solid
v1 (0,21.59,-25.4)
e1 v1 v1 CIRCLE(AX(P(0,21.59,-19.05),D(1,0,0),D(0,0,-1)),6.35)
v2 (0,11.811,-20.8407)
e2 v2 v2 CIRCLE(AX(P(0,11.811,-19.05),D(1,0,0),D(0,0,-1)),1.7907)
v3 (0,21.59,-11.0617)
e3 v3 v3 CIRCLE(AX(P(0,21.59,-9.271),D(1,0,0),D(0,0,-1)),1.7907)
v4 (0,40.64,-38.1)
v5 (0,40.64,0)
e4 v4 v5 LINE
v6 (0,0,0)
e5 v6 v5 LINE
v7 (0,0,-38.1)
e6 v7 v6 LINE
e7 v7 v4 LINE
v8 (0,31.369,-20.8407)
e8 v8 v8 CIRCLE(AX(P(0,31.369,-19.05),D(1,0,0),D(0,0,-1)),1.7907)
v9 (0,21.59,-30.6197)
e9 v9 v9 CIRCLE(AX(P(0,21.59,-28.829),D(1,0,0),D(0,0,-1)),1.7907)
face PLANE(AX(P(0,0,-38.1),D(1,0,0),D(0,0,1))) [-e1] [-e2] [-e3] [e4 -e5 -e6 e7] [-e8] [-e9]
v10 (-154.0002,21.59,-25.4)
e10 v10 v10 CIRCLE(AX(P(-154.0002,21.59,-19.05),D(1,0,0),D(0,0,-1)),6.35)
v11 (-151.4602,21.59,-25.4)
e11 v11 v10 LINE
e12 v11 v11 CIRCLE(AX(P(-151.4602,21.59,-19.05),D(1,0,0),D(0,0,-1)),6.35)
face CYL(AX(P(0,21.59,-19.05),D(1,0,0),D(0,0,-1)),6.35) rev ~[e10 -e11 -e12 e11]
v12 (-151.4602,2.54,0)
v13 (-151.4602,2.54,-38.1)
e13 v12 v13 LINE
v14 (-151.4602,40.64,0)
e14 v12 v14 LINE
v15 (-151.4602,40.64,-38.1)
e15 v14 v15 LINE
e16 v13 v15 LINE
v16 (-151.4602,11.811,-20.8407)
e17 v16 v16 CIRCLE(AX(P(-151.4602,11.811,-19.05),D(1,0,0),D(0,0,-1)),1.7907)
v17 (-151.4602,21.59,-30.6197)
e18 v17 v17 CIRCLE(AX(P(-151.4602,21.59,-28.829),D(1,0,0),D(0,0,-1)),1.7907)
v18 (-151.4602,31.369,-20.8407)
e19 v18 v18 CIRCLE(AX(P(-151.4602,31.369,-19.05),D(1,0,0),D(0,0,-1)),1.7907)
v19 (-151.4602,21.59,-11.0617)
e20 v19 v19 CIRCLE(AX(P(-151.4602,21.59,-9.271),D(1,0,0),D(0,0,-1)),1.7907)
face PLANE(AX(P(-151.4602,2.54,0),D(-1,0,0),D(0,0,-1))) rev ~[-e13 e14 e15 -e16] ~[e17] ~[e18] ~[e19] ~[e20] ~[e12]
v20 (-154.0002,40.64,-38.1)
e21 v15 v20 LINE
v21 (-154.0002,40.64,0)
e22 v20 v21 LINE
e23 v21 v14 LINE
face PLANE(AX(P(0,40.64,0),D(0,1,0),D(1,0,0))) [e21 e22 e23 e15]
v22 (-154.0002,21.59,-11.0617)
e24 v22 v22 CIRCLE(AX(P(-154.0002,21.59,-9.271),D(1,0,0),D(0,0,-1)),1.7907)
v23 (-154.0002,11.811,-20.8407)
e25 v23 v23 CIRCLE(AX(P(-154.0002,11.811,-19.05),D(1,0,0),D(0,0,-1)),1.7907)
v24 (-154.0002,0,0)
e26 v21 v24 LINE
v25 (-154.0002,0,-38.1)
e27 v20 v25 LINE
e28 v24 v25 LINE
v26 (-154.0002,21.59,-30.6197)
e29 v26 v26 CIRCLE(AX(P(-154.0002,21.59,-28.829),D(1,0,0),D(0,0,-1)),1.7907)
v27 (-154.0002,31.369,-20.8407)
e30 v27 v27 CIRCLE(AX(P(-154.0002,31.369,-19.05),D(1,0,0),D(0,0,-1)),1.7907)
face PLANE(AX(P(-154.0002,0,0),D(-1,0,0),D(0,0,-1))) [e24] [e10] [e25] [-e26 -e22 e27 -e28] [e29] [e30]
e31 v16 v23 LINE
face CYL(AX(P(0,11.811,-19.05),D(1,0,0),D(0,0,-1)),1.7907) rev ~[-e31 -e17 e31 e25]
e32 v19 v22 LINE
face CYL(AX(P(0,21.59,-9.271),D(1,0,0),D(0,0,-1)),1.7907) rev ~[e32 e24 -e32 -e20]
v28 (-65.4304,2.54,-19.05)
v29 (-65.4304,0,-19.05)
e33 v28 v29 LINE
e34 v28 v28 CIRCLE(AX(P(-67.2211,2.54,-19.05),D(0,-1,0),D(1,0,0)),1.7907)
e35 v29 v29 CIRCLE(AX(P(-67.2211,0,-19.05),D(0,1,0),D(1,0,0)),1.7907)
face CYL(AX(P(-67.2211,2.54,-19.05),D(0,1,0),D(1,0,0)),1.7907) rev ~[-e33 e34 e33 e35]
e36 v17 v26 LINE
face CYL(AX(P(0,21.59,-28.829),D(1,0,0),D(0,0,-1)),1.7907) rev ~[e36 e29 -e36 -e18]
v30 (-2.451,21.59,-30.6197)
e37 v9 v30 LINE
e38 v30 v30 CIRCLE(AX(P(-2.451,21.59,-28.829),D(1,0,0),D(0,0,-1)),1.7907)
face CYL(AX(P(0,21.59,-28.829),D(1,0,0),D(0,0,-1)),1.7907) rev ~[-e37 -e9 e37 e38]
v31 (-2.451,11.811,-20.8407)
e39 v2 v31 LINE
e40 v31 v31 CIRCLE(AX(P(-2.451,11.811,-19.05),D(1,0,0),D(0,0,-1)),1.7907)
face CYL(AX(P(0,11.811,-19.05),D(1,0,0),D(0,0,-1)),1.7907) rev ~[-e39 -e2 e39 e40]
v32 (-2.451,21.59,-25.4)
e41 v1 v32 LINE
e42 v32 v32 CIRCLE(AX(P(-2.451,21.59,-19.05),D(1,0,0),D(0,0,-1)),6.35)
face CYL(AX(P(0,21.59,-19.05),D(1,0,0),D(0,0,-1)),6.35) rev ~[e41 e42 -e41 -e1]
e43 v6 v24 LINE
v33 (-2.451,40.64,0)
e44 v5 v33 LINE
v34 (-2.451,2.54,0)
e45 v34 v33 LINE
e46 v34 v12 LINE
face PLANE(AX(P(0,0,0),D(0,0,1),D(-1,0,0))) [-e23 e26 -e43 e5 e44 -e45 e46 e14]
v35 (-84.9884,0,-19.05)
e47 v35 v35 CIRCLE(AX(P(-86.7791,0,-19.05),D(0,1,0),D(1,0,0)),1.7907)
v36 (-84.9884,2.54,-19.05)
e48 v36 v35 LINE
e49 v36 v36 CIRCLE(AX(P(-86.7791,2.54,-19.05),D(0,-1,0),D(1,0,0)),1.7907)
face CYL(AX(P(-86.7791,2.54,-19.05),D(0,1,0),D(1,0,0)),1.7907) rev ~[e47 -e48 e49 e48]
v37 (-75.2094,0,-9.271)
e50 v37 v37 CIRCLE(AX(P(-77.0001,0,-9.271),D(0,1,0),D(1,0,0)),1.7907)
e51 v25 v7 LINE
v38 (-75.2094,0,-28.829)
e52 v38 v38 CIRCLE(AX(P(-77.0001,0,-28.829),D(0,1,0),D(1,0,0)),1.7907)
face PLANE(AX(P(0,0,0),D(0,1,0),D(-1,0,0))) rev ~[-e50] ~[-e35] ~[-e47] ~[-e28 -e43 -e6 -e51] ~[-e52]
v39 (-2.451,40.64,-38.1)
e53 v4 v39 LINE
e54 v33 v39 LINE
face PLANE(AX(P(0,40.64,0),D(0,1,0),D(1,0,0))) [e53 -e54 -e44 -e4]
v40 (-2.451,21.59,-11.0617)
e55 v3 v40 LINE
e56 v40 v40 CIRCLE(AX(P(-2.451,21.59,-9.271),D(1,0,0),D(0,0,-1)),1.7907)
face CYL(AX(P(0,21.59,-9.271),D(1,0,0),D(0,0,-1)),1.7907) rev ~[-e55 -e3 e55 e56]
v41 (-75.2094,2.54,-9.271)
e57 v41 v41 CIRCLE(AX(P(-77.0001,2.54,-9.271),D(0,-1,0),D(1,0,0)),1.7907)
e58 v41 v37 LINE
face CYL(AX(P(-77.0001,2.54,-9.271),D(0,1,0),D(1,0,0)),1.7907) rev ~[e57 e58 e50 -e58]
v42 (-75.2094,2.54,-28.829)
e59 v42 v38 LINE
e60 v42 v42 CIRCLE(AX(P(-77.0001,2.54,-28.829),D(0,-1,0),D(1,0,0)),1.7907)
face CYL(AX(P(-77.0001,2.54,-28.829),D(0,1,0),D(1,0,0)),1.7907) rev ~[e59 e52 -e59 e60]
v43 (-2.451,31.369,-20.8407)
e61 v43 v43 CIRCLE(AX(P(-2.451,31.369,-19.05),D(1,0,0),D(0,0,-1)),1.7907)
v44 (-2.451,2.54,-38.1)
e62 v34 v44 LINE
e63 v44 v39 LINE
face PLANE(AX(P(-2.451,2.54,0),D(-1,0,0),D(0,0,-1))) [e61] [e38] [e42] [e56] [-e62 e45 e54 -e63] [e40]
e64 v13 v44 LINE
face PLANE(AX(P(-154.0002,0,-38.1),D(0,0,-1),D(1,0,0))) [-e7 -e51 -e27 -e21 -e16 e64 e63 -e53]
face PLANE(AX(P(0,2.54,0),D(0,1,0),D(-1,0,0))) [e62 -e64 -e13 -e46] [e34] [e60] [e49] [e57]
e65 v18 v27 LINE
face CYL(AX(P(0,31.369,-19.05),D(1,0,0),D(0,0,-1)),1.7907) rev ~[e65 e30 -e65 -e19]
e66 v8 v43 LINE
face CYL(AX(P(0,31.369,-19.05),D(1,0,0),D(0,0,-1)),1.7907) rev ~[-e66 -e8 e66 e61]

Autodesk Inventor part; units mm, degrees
ref_plane "YZ Plane" through (0, 0, 0) normal (1, 0, 0) x (0, 1, 0)
ref_plane "XZ Plane" through (0, 0, 0) normal (0, 1, 0) x (-1, 0, 0)
ref_plane "XY Plane" through (0, 0, 0) normal (0, 0, 1) x (1, 0, 0)
sketch "Sketch1" plane through (0, 0, 0) normal (0, 1, 0) x (-1, 0, 0)
  line L0 (0, 0) -> (154.0002, 0)
  line L1 (154.0002, 0) -> (154.0002, -38.1)
  line L2 (154.0002, -38.1) -> (0, -38.1)
  line L3 (0, -38.1) -> (0, 0)
  dimension "d0" = 154.0002
  dimension "d1" = 38.1
extrude "Extrusion1" add sketch "Sketch1" along normal blind 2.54
sketch "Sketch3" plane through (0, 0, 0) normal (1, 0, 0) x (0, 0, -1)
  circle A0 centre (19.05, 31.369) radius 1.7907
  circle A1 centre (28.829, 21.59) radius 1.7907
  circle A2 centre (19.05, 11.811) radius 1.7907
  circle A3 centre (9.271, 21.59) radius 1.7907
  circle A4 centre (19.05, 21.59) radius 6.35
  point P0 (0, 0)
  dimension "d12" = 12.7
sketch "Sketch4" plane through (0, 2.54, 0) normal (0, 1, 0) x (1, 0, 0)
  line L0 (0, 38.1) -> (-154.0002, 38.1) projected
  line L1 (0, 0) -> (-2.451, 0)
  line L2 (-2.451, 0) -> (-2.451, 38.1)
  line L3 (-2.451, 38.1) -> (0, 38.1)
  line L4 (0, 38.1) -> (0, 0)
  line L5 (-154.0002, 38.1) -> (-154.0002, 0) projected
  line L6 (-154.0002, 0) -> (-151.4602, 0)
  line L7 (-151.4602, 0) -> (-151.4602, 38.1)
  line L8 (-151.4602, 38.1) -> (-154.0002, 38.1)
  line L9 (-154.0002, 38.1) -> (-154.0002, 0)
  point P0 (0, 38.1)
  point P1 (-151.4602, 38.1)
  dimension "d17" = 2.54
extrude "Extrusion3" add sketch "Sketch4" along normal blind 38.1
extrude "Extrusion4" cut sketch "Sketch3" against normal blind 203.2
sketch "Sketch5" plane through (0, 2.54, 0) normal (0, 1, 0) x (1, 0, 0)
  line L0 (0, 20.8407) -> (0, 17.2593) projected
  line L1 (-154.0002, 38.1) -> (-154.0002, 0) projected
  line L2 (-77.0001, 38.1) -> (-77.0001, 0)
  line L3 (-77.0001, 19.05) -> (-154.0002, 19.05)
  circle A0 centre (-77.0001, 19.05) radius 9.779
  circle A1 centre (-86.7791, 19.05) radius 1.7907
  circle A2 centre (-77.0001, 9.271) radius 1.7907
  circle A3 centre (-77.0001, 28.829) radius 1.7907
  circle A4 centre (-67.2211, 19.05) radius 1.7907
  point P0 (0, 0)
  dimension "d18" = 19.558
  dimension "d19" = 3.5814
  dimension "d20" = 3.5814
  dimension "d21" = 3.5814
  dimension "d22" = 3.5814
extrude "Extrusion5" cut sketch "Sketch5" against normal blind 203.2 contours A3 A0 L2 | L2 A0 A3 | A0 A3 L2 | L2 A3 A0 | A1 L3 A0 | A0 L3 A1 | A4 A0 | A0 A4 | A0 A1 L3 | L3 A1 A0 | A2 A0 L2 | L2 A0 A2 | A0 A2 L2 | L2 A2 A0
properties part number "Rotate Brace"
